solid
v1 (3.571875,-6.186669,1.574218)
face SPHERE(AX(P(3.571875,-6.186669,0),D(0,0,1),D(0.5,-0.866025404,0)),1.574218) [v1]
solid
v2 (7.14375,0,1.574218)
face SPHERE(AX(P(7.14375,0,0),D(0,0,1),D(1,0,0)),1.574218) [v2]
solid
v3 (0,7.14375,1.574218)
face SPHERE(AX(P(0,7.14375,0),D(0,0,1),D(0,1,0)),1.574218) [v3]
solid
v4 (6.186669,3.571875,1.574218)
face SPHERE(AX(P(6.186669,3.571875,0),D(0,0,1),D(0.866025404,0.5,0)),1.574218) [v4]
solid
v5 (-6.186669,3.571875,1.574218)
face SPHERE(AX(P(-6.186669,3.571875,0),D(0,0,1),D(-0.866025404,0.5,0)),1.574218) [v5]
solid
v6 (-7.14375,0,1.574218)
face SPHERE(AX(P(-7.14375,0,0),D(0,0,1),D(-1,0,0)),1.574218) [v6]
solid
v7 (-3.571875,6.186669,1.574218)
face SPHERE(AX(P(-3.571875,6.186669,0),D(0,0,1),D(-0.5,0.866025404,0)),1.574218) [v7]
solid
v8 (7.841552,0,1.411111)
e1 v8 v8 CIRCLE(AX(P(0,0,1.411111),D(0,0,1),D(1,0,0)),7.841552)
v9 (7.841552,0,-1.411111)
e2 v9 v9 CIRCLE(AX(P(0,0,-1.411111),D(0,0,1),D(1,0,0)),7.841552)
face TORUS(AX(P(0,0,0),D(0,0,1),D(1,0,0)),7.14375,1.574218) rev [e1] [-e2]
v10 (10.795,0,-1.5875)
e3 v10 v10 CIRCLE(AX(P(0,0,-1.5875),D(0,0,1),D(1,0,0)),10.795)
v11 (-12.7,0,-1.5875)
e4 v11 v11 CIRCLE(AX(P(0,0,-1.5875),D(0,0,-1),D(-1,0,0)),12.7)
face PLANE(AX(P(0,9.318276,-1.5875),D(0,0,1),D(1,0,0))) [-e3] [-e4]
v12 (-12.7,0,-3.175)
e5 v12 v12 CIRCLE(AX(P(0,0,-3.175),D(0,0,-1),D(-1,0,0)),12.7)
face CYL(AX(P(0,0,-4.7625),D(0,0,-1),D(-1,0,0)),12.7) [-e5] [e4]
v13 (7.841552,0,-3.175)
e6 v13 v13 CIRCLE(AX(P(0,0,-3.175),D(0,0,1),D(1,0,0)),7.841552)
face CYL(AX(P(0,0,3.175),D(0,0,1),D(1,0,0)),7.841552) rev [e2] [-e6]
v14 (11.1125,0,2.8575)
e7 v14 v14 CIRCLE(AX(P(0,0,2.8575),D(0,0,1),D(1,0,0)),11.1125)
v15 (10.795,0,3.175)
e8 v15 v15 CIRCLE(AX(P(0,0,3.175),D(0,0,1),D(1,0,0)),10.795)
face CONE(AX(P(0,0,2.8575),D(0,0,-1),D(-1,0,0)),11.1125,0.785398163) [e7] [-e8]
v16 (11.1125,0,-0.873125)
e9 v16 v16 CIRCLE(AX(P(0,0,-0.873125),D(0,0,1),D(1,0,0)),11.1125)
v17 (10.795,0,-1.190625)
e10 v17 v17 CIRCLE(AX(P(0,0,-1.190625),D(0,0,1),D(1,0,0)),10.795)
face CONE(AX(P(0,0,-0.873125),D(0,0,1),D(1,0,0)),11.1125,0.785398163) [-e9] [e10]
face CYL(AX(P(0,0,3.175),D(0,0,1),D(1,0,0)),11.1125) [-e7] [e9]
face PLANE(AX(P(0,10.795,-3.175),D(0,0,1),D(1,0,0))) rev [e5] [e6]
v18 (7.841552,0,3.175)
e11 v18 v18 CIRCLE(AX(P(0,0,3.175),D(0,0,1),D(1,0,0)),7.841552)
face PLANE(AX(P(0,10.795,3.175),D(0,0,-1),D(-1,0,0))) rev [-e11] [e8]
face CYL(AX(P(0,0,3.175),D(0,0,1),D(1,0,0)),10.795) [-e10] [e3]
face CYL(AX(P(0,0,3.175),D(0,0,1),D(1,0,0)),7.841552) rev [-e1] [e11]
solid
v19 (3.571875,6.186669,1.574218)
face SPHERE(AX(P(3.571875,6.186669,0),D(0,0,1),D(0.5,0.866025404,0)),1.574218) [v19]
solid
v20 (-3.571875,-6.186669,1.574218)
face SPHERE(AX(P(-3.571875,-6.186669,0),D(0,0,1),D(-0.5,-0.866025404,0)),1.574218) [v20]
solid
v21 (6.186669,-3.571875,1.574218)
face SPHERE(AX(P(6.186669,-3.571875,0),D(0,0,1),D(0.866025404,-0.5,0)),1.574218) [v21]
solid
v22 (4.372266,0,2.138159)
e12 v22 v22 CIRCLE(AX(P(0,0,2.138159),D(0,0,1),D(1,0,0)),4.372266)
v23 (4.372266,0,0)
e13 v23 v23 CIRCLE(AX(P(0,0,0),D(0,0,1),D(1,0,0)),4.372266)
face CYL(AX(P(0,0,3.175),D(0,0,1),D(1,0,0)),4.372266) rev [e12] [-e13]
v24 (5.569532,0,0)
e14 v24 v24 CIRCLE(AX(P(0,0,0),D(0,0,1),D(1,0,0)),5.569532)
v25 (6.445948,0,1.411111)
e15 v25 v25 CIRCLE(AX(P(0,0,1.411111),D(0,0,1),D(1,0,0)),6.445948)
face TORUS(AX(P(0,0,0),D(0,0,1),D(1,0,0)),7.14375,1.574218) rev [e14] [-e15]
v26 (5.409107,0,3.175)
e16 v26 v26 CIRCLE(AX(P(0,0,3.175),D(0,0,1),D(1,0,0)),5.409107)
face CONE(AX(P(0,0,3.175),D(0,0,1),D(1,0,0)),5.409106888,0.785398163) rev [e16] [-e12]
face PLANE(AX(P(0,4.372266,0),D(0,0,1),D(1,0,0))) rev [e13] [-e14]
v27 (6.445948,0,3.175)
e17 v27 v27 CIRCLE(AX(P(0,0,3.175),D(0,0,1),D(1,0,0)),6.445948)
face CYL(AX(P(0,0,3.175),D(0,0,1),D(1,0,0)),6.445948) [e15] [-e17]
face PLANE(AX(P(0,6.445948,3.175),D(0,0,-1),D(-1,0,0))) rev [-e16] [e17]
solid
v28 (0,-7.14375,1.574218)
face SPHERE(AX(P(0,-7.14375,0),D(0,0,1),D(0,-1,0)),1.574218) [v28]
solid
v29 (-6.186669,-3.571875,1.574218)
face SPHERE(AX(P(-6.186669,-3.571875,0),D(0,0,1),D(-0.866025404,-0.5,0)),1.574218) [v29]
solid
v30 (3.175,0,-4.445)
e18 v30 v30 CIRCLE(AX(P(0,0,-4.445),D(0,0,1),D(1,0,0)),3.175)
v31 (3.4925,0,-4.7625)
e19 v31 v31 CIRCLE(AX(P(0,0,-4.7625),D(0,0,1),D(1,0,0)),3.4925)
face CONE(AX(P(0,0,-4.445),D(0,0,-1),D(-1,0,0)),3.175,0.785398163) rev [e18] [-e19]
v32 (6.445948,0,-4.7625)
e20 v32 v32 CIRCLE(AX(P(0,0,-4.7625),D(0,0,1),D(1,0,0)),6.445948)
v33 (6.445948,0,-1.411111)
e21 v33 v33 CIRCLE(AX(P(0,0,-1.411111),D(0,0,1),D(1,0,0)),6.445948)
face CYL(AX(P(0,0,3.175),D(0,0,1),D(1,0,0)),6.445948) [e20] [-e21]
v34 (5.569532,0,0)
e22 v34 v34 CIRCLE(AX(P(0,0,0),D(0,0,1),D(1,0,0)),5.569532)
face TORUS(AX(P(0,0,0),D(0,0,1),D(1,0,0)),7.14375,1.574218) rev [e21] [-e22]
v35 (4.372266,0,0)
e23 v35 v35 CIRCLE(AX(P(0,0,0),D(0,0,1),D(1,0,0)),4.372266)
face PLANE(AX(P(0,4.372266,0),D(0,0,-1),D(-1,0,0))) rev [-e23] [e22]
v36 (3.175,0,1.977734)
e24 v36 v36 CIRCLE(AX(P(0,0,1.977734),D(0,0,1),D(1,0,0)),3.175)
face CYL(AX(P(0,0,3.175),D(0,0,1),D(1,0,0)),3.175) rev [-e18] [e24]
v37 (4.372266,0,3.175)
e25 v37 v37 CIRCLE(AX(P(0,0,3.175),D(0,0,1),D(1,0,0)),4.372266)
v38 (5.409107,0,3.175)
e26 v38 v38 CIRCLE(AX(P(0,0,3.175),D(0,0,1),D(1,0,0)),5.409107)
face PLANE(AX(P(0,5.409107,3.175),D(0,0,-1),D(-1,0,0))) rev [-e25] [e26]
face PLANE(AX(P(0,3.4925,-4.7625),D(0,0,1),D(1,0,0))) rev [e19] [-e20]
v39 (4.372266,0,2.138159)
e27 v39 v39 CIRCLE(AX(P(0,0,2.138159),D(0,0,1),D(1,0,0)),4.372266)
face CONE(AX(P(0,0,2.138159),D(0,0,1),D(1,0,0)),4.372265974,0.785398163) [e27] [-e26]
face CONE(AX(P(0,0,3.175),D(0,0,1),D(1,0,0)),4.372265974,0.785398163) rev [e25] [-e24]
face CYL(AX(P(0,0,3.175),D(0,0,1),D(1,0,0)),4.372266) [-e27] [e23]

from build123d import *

# Parameters (mm, degrees)
SKETCH5_W         = 1.5875
SKETCH5_H         = 3.381723901
CIRPATTERN1_COUNT = 12


with BuildPart() as part:
    # Sketch1 → Revolve1 (revolve)
    with BuildSketch(Plane(origin=(0, 0, 0), x_dir=(0, 0, -1), z_dir=(1, 0, 0))):
        with BuildLine():
            Line((2.8575, 11.1125), (-2.8575, 11.1125))
            Line((-2.8575, 11.1125), (-3.175, 10.795))
            Line((-3.175, 10.795), (-3.175, 7.841552198))
            Line((-3.175, 7.841552198), (-1.411111111, 7.841552198))
            ThreePointArc((-1.411111111, 7.841552198), (0, 8.717968052), (1.411111111, 7.841552198))
            Line((1.411111111, 7.841552198), (3.175, 7.841552198))
            Line((3.175, 7.841552198), (3.175, 10.795))
            Line((3.175, 10.795), (2.8575, 11.1125))
        make_face()
    revolve(axis=Axis((0, 0, 3.175), (0, 0, -1)))

    # Sketch5 → Revolve5 (revolve)
    with BuildSketch(Plane(origin=(0, 0, 0), x_dir=(0, 0, -1), z_dir=(1, 0, 0))):
        with Locations((2.38125, 11.00913805)):
            Rectangle(SKETCH5_W, SKETCH5_H)
    revolve(axis=Axis((0, 0, -4.7625), (0, 0, 1)))

    # Sketch6 → Cut-Revolve1 (revolve, cut)
    with BuildSketch(Plane(origin=(0, 0, 0), x_dir=(0, 0, -1), z_dir=(1, 0, 0))):
        Polygon((0.873125, 11.1125), (1.190625, 10.795), (1.5875, 10.795), (1.5875, 11.1125), align=None)
    revolve(axis=Axis((0, 0, 3.175), (0, 0, -1)), mode=Mode.SUBTRACT)


with BuildPart() as body_2:
    # Sketch2 → Revolve2 (revolve)
    with BuildSketch(Plane(origin=(0, 0, 0), x_dir=(0, 0, -1), z_dir=(1, 0, 0))):
        with BuildLine():
            Line((-3.175, 6.445947802), (-1.411111111, 6.445947802))
            ThreePointArc((-1.411111111, 6.445947802), (-0.830562959, 5.806466318), (0, 5.569531948))
            Line((0, 5.569531948), (0, 4.372265974))
            Line((0, 4.372265974), (-2.138159086, 4.372265974))
            Line((-2.138159086, 4.372265974), (-3.175, 5.409106888))
            Line((-3.175, 5.409106888), (-3.175, 6.445947802))
        make_face()
    revolve(axis=Axis((0, 0, 3.175), (0, 0, -1)))


with BuildPart() as body_3:
    # Sketch3 → Revolve3 (revolve)
    with BuildSketch(Plane(origin=(0, 0, 0), x_dir=(0, 0, -1), z_dir=(1, 0, 0))):
        with BuildLine():
            Line((-3.175, 5.409106888), (-2.138159086, 4.372265974))
            Line((-2.138159086, 4.372265974), (0, 4.372265974))
            Line((0, 4.372265974), (0, 5.569531948))
            ThreePointArc((0, 5.569531948), (0.830562959, 5.806466318), (1.411111111, 6.445947802))
            Line((1.411111111, 6.445947802), (4.7625, 6.445947802))
            Line((4.7625, 6.445947802), (4.7625, 3.4925))
            Line((4.7625, 3.4925), (4.445, 3.175))
            Line((4.445, 3.175), (-1.977734026, 3.175))
            Line((-1.977734026, 3.175), (-3.175, 4.372265974))
            Line((-3.175, 4.372265974), (-3.175, 5.409106888))
        make_face()
    revolve(axis=Axis((0, 0, 3.175), (0, 0, -1)))


with BuildPart() as body_4:
    # Sketch4 → Revolve4 (revolve)
    with BuildSketch(Plane(origin=(0, 0, 0), x_dir=(0, 0, -1), z_dir=(1, 0, 0))):
        with BuildLine():
            Line((-1.574218052, 7.14375), (1.574218052, 7.14375))
            ThreePointArc((1.574218052, 7.14375), (0, 8.717968052), (-1.574218052, 7.14375))
        make_face()
    revolve(axis=Axis((0, 7.14375, 1.574218052), (0, 0, -1)))


with BuildPart() as cirpattern1_1:
    # CirPattern1: pattern copy
    add(body_4.part.rotate(Axis((0, 0, -3.175), (0, 0, 1)), 1 * 360 / CIRPATTERN1_COUNT))


with BuildPart() as cirpattern1_2:
    # CirPattern1: pattern copy
    add(body_4.part.rotate(Axis((0, 0, -3.175), (0, 0, 1)), 2 * 360 / CIRPATTERN1_COUNT))


with BuildPart() as cirpattern1_3:
    # CirPattern1: pattern copy
    add(body_4.part.rotate(Axis((0, 0, -3.175), (0, 0, 1)), 3 * 360 / CIRPATTERN1_COUNT))


with BuildPart() as cirpattern1_4:
    # CirPattern1: pattern copy
    add(body_4.part.rotate(Axis((0, 0, -3.175), (0, 0, 1)), 4 * 360 / CIRPATTERN1_COUNT))


with BuildPart() as cirpattern1_5:
    # CirPattern1: pattern copy
    add(body_4.part.rotate(Axis((0, 0, -3.175), (0, 0, 1)), 5 * 360 / CIRPATTERN1_COUNT))


with BuildPart() as cirpattern1_6:
    # CirPattern1: pattern copy
    add(body_4.part.rotate(Axis((0, 0, -3.175), (0, 0, 1)), 6 * 360 / CIRPATTERN1_COUNT))


with BuildPart() as cirpattern1_7:
    # CirPattern1: pattern copy
    add(body_4.part.rotate(Axis((0, 0, -3.175), (0, 0, 1)), 7 * 360 / CIRPATTERN1_COUNT))


with BuildPart() as cirpattern1_8:
    # CirPattern1: pattern copy
    add(body_4.part.rotate(Axis((0, 0, -3.175), (0, 0, 1)), 8 * 360 / CIRPATTERN1_COUNT))


with BuildPart() as cirpattern1_9:
    # CirPattern1: pattern copy
    add(body_4.part.rotate(Axis((0, 0, -3.175), (0, 0, 1)), 9 * 360 / CIRPATTERN1_COUNT))


with BuildPart() as cirpattern1_10:
    # CirPattern1: pattern copy
    add(body_4.part.rotate(Axis((0, 0, -3.175), (0, 0, 1)), 10 * 360 / CIRPATTERN1_COUNT))


with BuildPart() as cirpattern1_11:
    # CirPattern1: pattern copy
    add(body_4.part.rotate(Axis((0, 0, -3.175), (0, 0, 1)), 11 * 360 / CIRPATTERN1_COUNT))


solid = Compound([part.part, body_2.part, body_3.part, body_4.part, cirpattern1_1.part, cirpattern1_2.part, cirpattern1_3.part, cirpattern1_4.part, cirpattern1_5.part, cirpattern1_6.part, cirpattern1_7.part, cirpattern1_8.part, cirpattern1_9.part, cirpattern1_10.part, cirpattern1_11.part])
